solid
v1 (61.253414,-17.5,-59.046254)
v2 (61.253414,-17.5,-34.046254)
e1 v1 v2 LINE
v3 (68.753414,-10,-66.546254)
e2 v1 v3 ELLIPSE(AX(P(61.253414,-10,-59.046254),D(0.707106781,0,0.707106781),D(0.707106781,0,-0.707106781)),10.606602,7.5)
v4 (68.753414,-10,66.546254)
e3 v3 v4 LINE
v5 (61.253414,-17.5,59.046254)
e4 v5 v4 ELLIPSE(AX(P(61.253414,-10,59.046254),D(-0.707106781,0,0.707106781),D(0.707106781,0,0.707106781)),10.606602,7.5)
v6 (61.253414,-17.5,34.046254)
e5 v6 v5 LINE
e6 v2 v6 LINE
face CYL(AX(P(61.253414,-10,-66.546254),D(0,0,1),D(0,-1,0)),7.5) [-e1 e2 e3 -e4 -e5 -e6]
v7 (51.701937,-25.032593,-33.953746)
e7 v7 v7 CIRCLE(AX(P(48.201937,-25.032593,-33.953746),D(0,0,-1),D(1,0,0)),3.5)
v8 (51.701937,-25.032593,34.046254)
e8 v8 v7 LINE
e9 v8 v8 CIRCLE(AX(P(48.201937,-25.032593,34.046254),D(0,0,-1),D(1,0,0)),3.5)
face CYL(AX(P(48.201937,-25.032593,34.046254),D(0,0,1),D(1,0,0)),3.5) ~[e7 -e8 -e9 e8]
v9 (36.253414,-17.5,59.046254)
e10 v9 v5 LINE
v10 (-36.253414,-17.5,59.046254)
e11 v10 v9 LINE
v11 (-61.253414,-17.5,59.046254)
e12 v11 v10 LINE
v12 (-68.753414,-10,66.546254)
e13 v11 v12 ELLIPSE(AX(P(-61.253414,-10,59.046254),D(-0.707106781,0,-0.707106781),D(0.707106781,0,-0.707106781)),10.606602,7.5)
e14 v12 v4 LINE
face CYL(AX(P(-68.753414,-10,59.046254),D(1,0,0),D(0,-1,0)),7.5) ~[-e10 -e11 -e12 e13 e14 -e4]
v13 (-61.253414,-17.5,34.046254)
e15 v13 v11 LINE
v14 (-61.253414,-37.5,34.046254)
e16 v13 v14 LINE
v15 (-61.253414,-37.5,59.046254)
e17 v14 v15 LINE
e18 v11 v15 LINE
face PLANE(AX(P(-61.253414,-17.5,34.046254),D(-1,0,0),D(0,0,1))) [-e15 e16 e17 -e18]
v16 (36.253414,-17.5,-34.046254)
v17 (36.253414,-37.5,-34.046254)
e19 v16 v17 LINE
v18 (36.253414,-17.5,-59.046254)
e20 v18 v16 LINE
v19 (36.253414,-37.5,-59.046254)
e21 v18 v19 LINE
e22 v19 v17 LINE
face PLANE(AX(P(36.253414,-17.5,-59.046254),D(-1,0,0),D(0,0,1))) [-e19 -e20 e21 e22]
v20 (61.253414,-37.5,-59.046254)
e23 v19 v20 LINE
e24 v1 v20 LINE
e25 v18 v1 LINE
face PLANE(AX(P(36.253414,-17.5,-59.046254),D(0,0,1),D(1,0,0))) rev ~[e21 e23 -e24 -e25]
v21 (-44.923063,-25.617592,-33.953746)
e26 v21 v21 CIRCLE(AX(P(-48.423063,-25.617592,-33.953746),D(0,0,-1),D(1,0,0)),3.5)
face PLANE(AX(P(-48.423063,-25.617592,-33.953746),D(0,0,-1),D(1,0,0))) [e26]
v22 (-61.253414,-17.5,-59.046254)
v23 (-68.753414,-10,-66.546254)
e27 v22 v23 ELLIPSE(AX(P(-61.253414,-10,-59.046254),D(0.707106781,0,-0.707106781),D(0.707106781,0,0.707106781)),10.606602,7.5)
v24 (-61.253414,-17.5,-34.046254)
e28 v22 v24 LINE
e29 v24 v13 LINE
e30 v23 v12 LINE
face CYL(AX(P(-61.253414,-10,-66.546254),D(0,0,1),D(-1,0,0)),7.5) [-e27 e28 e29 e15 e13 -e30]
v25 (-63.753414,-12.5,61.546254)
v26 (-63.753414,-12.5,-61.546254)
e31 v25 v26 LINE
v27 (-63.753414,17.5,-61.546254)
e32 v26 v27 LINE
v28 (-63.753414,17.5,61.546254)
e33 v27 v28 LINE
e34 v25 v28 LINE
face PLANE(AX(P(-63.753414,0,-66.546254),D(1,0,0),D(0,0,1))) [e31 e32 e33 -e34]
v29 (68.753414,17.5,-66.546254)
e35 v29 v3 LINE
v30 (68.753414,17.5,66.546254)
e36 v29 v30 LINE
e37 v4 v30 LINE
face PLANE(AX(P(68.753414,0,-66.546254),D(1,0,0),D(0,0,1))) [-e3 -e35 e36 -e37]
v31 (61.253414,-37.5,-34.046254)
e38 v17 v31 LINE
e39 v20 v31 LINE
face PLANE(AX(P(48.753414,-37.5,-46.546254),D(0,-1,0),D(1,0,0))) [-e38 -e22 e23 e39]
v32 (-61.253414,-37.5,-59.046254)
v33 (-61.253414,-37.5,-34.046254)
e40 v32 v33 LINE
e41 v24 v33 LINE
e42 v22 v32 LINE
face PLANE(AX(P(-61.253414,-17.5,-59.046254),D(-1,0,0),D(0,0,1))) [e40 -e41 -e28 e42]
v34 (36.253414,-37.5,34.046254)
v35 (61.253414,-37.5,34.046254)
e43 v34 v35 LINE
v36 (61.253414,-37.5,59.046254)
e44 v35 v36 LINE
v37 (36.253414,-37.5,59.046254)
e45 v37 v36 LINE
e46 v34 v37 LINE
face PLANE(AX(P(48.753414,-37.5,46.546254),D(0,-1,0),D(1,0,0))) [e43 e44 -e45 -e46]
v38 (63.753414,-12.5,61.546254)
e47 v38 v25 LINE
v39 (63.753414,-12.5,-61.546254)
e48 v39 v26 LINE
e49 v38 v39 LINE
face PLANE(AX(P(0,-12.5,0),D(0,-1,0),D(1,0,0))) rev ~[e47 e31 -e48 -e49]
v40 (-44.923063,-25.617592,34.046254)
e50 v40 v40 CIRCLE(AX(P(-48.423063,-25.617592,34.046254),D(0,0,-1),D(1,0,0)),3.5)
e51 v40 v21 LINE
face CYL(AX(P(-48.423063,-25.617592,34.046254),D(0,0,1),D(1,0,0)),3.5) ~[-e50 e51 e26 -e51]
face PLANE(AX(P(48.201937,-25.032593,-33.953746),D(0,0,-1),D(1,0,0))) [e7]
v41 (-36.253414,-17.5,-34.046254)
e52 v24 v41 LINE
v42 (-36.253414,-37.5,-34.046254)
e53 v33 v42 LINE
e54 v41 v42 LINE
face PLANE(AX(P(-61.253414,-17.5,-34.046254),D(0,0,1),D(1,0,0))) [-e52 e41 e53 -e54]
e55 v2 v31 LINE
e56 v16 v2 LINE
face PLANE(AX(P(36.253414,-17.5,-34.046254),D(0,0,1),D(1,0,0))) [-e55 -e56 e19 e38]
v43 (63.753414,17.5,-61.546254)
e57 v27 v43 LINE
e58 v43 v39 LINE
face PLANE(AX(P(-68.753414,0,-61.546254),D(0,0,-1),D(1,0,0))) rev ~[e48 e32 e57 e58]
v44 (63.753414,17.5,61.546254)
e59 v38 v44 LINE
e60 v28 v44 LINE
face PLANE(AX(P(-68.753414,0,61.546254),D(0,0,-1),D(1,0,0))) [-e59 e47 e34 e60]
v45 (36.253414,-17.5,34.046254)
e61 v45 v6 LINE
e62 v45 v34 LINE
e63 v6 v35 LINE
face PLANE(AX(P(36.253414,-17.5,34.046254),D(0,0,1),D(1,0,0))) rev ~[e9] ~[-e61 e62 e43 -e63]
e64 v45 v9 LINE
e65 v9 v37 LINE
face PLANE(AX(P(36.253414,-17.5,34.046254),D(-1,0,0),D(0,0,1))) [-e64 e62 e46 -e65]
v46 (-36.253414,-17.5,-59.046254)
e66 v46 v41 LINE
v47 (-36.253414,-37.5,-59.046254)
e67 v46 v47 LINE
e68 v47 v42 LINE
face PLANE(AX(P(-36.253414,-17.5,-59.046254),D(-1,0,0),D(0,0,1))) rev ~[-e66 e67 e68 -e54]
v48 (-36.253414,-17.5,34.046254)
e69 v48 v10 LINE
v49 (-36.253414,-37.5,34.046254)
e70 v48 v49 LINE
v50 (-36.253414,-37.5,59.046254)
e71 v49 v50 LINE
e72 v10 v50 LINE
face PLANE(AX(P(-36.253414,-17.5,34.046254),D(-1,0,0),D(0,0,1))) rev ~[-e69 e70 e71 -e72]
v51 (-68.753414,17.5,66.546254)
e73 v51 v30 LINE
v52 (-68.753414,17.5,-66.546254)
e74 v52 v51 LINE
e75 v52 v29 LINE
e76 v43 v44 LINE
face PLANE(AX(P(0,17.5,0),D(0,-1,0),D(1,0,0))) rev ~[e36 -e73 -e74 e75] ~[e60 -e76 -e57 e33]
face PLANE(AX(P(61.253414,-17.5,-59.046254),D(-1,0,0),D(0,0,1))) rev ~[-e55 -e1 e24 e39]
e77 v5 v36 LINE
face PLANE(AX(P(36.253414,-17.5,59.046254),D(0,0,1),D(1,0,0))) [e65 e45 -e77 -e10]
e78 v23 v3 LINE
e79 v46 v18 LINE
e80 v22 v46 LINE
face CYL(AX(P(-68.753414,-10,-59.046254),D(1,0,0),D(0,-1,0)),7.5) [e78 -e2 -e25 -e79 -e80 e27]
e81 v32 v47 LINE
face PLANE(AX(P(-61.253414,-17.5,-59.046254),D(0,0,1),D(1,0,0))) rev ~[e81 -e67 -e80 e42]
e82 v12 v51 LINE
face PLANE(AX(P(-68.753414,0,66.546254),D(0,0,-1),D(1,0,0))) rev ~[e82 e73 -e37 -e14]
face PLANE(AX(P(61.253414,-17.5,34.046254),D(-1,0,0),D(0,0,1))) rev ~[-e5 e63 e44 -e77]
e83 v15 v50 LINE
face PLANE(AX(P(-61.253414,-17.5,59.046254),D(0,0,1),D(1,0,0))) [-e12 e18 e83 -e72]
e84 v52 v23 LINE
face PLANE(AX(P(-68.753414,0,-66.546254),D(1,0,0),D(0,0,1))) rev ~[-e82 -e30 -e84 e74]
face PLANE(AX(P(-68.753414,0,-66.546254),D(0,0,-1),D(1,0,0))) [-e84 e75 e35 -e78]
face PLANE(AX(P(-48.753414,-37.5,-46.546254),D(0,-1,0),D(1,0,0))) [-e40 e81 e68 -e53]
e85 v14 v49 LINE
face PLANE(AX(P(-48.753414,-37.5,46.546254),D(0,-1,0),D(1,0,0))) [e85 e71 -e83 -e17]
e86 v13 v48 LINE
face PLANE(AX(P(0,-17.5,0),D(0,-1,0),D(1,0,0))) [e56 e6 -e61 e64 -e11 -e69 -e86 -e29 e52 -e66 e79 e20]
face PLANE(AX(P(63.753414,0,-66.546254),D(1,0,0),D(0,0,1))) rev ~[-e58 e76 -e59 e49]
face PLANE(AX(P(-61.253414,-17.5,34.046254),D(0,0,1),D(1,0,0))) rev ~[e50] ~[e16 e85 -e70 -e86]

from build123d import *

# Parameters (mm, degrees)
F0_W      = 137.506828
F0_H      = 133.092508
F1_DEPTH  = 17.5
F2_T      = -5
F3_R      = 7.5
F4_W      = 25
F4_H      = 25
F5_DEPTH  = 20
F6_W      = 25
F6_H      = 25
F7_DEPTH  = 20
F8_W      = 25
F8_H      = 25
F9_DEPTH  = 20
F10_W     = 25
F10_H     = 25
F11_DEPTH = 20
F12_R     = 3.5
F13_DEPTH = 68
F14_R     = 3.5
F15_DEPTH = 68


with BuildPart() as f1:
    # F0 (on Front) → F1 (new body, symmetric)
    with BuildSketch(Plane.XZ):
        Rectangle(F0_W, F0_H)
    extrude(amount=F1_DEPTH, both=True)

    # F2
    f2_openings = [f1.faces().sort_by_distance(p)[0] for p in [
        (0, 17.5, 0),
    ]]
    offset(amount=F2_T, openings=f2_openings)

    # F3
    f3_edges = [f1.edges().sort_by_distance(p)[0] for p in [
        (0, -17.5, -66.546254),
        (68.753414, -17.5, 0),
        (0, -17.5, 66.546254),
        (-68.753414, -17.5, 0),
    ]]
    fillet(f3_edges, radius=F3_R)

    # F4 (on face) → F5 (join)
    with BuildSketch(Plane.XZ.offset(17.5)):
        with Locations((-48.753414, 46.546254)):
            Rectangle(F4_W, F4_H)
    extrude(amount=F5_DEPTH)

    # F6 (on face) → F7 (join)
    with BuildSketch(Plane.XZ.offset(17.5)):
        with Locations((48.753414, 46.546254)):
            Rectangle(F6_W, F6_H)
    extrude(amount=F7_DEPTH)

    # F8 (on face) → F9 (join)
    with BuildSketch(Plane.XZ.offset(17.5)):
        with Locations((-48.753414, -46.546254)):
            Rectangle(F8_W, F8_H)
    extrude(amount=F9_DEPTH)

    # F10 (on face) → F11 (join)
    with BuildSketch(Plane.XZ.offset(17.5)):
        with Locations((48.753414, -46.546254)):
            Rectangle(F10_W, F10_H)
    extrude(amount=F11_DEPTH)

    # F12 (on face) → F13 (join)
    with BuildSketch(Plane(origin=(0, 0, 34.046254), x_dir=(1, 0, 0), z_dir=(0, 0, -1))):
        with Locations((-48.423063, 25.617592)):
            Circle(F12_R)
    extrude(amount=F13_DEPTH)

    # F14 (on face) → F15 (join)
    with BuildSketch(Plane(origin=(0, 0, 34.046254), x_dir=(1, 0, 0), z_dir=(0, 0, -1))):
        with Locations((48.201937, 25.032593)):
            Circle(F14_R)
    extrude(amount=F15_DEPTH)


solid = f1.part
